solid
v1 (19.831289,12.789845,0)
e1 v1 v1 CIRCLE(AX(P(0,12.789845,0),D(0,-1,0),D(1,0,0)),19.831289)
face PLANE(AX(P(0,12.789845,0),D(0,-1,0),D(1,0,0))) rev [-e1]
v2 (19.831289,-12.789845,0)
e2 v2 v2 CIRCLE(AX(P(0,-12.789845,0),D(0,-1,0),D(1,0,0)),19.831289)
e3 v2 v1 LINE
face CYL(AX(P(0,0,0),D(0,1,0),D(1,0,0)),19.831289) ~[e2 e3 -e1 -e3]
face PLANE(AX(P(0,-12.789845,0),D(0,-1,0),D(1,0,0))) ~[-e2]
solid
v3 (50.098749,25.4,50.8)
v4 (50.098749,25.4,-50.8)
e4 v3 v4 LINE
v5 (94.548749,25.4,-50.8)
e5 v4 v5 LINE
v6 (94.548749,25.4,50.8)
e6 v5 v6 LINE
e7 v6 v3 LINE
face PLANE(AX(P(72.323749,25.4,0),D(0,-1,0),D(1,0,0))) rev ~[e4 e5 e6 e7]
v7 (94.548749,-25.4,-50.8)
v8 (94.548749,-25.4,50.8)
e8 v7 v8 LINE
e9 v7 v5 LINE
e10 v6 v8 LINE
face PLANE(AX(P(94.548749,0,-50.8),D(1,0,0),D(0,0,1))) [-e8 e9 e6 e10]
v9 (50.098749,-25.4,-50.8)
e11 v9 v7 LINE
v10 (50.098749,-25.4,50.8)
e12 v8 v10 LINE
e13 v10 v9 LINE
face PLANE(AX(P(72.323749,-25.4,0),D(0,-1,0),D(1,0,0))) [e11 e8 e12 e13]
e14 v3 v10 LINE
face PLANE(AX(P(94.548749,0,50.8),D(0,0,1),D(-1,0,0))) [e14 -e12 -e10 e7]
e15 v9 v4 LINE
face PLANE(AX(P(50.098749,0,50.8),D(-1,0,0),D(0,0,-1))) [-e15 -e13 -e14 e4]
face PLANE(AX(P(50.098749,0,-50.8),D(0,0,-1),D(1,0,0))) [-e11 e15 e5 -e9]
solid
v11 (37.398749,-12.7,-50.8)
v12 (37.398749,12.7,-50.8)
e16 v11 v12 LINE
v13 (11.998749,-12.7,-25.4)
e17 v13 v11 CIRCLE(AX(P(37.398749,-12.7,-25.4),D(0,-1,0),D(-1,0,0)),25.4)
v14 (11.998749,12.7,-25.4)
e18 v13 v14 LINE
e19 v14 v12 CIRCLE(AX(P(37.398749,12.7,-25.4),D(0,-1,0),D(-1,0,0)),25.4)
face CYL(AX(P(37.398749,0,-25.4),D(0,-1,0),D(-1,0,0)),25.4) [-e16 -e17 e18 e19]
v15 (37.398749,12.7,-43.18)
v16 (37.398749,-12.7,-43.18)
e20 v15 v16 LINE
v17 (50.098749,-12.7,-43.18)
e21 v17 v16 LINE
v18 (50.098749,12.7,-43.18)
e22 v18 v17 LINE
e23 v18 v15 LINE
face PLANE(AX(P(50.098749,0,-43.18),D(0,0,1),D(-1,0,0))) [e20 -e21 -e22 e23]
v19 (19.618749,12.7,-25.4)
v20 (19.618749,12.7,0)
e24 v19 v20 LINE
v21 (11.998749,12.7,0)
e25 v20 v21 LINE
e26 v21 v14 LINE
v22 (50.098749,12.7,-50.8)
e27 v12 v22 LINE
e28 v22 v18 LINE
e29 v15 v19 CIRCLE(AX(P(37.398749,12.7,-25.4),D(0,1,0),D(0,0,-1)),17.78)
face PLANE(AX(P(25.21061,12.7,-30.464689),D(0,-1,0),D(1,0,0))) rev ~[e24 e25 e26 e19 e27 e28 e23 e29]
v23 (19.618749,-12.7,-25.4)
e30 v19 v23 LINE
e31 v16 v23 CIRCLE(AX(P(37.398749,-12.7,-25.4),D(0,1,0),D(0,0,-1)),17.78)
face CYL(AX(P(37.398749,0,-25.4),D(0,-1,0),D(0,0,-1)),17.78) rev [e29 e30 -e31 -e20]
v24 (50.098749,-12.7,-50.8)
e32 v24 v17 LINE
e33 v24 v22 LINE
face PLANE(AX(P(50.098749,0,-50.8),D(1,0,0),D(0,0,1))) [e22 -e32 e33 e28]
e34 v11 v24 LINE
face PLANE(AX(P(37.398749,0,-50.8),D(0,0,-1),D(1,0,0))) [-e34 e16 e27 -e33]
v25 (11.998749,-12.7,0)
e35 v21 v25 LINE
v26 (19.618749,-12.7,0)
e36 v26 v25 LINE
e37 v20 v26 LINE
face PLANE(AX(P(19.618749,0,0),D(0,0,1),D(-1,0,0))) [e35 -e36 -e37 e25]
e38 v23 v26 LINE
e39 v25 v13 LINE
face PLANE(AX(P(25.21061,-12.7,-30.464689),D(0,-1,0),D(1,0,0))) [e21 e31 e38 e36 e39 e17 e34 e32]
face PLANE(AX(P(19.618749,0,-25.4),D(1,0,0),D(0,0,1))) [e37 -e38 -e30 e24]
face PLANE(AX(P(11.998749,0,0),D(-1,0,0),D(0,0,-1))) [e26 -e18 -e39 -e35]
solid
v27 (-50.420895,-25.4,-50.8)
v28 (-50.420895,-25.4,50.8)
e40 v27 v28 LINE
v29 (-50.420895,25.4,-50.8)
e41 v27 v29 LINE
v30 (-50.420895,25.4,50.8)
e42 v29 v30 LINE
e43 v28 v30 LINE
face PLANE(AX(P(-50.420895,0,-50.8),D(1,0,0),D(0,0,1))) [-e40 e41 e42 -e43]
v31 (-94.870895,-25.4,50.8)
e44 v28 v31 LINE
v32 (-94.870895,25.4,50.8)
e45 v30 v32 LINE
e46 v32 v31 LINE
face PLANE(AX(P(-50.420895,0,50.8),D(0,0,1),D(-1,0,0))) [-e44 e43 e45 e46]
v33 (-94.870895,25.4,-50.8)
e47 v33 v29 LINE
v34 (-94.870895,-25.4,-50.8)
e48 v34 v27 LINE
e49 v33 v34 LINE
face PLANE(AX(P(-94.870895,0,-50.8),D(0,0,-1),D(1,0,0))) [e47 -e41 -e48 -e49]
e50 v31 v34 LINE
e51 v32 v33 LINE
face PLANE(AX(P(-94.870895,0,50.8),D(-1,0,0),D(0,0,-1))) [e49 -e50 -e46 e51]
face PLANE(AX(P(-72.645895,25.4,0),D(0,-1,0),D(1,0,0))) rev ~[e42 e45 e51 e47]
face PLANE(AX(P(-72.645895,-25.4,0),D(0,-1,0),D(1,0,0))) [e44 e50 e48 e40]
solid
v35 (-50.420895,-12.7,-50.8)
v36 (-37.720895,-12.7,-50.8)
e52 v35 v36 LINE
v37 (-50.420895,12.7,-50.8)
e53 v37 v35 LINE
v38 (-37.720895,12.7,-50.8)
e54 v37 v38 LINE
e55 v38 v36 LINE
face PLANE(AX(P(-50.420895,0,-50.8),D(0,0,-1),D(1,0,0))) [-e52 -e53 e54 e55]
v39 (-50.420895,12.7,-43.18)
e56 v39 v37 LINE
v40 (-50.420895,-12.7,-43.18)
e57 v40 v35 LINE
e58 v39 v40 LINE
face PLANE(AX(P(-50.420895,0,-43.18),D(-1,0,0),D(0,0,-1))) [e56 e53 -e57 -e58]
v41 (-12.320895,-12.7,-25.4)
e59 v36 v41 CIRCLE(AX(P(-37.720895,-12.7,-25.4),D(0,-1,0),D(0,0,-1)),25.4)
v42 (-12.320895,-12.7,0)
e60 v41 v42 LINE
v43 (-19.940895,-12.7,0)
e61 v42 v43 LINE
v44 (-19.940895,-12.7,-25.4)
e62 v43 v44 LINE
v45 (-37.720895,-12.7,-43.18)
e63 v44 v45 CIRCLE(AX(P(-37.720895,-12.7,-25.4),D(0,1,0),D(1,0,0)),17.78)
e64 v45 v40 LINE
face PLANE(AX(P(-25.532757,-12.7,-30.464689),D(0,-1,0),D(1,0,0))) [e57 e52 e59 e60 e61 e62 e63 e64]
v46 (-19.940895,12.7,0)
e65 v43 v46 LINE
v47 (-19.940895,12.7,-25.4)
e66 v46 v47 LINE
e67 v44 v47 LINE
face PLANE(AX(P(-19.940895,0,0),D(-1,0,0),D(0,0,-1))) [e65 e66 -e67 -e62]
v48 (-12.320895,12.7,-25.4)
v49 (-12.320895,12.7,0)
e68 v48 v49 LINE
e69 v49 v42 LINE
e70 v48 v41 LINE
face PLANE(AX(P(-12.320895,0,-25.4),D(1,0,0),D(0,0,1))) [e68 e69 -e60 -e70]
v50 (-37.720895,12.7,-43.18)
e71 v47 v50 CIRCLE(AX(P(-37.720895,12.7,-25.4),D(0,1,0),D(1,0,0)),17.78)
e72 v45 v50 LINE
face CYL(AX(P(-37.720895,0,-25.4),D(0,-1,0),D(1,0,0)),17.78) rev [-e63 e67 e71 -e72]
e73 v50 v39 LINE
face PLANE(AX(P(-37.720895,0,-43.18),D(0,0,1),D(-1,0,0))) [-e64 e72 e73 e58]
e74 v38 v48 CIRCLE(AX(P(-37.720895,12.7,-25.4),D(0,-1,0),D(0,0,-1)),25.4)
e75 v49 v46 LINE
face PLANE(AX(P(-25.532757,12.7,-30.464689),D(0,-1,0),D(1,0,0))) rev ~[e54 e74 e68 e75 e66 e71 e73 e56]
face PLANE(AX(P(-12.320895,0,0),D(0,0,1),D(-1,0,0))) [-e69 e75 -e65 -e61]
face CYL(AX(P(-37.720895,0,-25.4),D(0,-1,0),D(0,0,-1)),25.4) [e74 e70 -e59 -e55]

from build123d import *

# Parameters (mm, degrees)
F1_DEPTH = 25.4
F2_DEPTH = 12.7
F3_W     = 19.8312886059
F3_H     = 25.5796890706


with BuildPart() as f1:
    # F0 (on Front) → F1 (new body, symmetric)
    with BuildSketch(Plane.XZ):
        Polygon((-50.42089539, 50.8), (-94.87089539, 50.8), (-94.87089539, -50.8), (-50.42089539, -50.8), (-50.42089539, -43.18), align=None)
    extrude(amount=F1_DEPTH, both=True)


with BuildPart() as f1b:
    # F0 (on Front) → F1, piece 2 (new body, symmetric)
    with BuildSketch(Plane.XZ):
        Polygon((94.5487486538, -50.8), (94.5487486538, 50.8), (50.0987486538, 50.8), (50.0987486538, -43.18), (50.0987486538, -50.8), align=None)
    extrude(amount=F1_DEPTH, both=True)


with BuildPart() as f2:
    # F0 (on Front) → F2 (new body, symmetric)
    with BuildSketch(Plane.XZ):
        with BuildLine():
            Line((-37.72089539, -43.18), (-50.42089539, -43.18))
            Line((-50.42089539, -43.18), (-50.42089539, -50.8))
            Line((-50.42089539, -50.8), (-37.72089539, -50.8))
            ThreePointArc((-37.72089539, -50.8), (-19.7603831478, -43.3605122421), (-12.32089539, -25.4))
            Line((-12.32089539, -25.4), (-12.32089539, 0))
            Line((-12.32089539, 0), (-19.94089539, 0))
            Line((-19.94089539, 0), (-19.94089539, -25.4))
            ThreePointArc((-19.94089539, -25.4), (-25.1485368205, -37.9723585695), (-37.72089539, -43.18))
        make_face()
    extrude(amount=F2_DEPTH, both=True)


with BuildPart() as f2b:
    # F0 (on Front) → F2, piece 2 (new body, symmetric)
    with BuildSketch(Plane.XZ):
        with BuildLine():
            Line((50.0987486538, -50.8), (50.0987486538, -43.18))
            Line((50.0987486538, -43.18), (37.3987486538, -43.18))
            ThreePointArc((37.3987486538, -43.18), (24.8263900843, -37.9723585695), (19.6187486538, -25.4))
            Line((19.6187486538, -25.4), (19.6187486538, 0))
            Line((19.6187486538, 0), (11.9987486538, 0))
            Line((11.9987486538, 0), (11.9987486538, -25.4))
            ThreePointArc((11.9987486538, -25.4), (19.4382364117, -43.3605122421), (37.3987486538, -50.8))
            Line((37.3987486538, -50.8), (50.0987486538, -50.8))
        make_face()
    extrude(amount=F2_DEPTH, both=True)


with BuildPart() as f4:
    # F3 (on Top) → F4 (revolve)
    with BuildSketch(Plane.XY):
        with Locations((9.915644303, 0)):
            Rectangle(F3_W, F3_H)
    revolve(axis=Axis((0, 0, 0), (0, -1, 0)))


solid = Compound([f1.part, f1b.part, f2.part, f2b.part, f4.part])
